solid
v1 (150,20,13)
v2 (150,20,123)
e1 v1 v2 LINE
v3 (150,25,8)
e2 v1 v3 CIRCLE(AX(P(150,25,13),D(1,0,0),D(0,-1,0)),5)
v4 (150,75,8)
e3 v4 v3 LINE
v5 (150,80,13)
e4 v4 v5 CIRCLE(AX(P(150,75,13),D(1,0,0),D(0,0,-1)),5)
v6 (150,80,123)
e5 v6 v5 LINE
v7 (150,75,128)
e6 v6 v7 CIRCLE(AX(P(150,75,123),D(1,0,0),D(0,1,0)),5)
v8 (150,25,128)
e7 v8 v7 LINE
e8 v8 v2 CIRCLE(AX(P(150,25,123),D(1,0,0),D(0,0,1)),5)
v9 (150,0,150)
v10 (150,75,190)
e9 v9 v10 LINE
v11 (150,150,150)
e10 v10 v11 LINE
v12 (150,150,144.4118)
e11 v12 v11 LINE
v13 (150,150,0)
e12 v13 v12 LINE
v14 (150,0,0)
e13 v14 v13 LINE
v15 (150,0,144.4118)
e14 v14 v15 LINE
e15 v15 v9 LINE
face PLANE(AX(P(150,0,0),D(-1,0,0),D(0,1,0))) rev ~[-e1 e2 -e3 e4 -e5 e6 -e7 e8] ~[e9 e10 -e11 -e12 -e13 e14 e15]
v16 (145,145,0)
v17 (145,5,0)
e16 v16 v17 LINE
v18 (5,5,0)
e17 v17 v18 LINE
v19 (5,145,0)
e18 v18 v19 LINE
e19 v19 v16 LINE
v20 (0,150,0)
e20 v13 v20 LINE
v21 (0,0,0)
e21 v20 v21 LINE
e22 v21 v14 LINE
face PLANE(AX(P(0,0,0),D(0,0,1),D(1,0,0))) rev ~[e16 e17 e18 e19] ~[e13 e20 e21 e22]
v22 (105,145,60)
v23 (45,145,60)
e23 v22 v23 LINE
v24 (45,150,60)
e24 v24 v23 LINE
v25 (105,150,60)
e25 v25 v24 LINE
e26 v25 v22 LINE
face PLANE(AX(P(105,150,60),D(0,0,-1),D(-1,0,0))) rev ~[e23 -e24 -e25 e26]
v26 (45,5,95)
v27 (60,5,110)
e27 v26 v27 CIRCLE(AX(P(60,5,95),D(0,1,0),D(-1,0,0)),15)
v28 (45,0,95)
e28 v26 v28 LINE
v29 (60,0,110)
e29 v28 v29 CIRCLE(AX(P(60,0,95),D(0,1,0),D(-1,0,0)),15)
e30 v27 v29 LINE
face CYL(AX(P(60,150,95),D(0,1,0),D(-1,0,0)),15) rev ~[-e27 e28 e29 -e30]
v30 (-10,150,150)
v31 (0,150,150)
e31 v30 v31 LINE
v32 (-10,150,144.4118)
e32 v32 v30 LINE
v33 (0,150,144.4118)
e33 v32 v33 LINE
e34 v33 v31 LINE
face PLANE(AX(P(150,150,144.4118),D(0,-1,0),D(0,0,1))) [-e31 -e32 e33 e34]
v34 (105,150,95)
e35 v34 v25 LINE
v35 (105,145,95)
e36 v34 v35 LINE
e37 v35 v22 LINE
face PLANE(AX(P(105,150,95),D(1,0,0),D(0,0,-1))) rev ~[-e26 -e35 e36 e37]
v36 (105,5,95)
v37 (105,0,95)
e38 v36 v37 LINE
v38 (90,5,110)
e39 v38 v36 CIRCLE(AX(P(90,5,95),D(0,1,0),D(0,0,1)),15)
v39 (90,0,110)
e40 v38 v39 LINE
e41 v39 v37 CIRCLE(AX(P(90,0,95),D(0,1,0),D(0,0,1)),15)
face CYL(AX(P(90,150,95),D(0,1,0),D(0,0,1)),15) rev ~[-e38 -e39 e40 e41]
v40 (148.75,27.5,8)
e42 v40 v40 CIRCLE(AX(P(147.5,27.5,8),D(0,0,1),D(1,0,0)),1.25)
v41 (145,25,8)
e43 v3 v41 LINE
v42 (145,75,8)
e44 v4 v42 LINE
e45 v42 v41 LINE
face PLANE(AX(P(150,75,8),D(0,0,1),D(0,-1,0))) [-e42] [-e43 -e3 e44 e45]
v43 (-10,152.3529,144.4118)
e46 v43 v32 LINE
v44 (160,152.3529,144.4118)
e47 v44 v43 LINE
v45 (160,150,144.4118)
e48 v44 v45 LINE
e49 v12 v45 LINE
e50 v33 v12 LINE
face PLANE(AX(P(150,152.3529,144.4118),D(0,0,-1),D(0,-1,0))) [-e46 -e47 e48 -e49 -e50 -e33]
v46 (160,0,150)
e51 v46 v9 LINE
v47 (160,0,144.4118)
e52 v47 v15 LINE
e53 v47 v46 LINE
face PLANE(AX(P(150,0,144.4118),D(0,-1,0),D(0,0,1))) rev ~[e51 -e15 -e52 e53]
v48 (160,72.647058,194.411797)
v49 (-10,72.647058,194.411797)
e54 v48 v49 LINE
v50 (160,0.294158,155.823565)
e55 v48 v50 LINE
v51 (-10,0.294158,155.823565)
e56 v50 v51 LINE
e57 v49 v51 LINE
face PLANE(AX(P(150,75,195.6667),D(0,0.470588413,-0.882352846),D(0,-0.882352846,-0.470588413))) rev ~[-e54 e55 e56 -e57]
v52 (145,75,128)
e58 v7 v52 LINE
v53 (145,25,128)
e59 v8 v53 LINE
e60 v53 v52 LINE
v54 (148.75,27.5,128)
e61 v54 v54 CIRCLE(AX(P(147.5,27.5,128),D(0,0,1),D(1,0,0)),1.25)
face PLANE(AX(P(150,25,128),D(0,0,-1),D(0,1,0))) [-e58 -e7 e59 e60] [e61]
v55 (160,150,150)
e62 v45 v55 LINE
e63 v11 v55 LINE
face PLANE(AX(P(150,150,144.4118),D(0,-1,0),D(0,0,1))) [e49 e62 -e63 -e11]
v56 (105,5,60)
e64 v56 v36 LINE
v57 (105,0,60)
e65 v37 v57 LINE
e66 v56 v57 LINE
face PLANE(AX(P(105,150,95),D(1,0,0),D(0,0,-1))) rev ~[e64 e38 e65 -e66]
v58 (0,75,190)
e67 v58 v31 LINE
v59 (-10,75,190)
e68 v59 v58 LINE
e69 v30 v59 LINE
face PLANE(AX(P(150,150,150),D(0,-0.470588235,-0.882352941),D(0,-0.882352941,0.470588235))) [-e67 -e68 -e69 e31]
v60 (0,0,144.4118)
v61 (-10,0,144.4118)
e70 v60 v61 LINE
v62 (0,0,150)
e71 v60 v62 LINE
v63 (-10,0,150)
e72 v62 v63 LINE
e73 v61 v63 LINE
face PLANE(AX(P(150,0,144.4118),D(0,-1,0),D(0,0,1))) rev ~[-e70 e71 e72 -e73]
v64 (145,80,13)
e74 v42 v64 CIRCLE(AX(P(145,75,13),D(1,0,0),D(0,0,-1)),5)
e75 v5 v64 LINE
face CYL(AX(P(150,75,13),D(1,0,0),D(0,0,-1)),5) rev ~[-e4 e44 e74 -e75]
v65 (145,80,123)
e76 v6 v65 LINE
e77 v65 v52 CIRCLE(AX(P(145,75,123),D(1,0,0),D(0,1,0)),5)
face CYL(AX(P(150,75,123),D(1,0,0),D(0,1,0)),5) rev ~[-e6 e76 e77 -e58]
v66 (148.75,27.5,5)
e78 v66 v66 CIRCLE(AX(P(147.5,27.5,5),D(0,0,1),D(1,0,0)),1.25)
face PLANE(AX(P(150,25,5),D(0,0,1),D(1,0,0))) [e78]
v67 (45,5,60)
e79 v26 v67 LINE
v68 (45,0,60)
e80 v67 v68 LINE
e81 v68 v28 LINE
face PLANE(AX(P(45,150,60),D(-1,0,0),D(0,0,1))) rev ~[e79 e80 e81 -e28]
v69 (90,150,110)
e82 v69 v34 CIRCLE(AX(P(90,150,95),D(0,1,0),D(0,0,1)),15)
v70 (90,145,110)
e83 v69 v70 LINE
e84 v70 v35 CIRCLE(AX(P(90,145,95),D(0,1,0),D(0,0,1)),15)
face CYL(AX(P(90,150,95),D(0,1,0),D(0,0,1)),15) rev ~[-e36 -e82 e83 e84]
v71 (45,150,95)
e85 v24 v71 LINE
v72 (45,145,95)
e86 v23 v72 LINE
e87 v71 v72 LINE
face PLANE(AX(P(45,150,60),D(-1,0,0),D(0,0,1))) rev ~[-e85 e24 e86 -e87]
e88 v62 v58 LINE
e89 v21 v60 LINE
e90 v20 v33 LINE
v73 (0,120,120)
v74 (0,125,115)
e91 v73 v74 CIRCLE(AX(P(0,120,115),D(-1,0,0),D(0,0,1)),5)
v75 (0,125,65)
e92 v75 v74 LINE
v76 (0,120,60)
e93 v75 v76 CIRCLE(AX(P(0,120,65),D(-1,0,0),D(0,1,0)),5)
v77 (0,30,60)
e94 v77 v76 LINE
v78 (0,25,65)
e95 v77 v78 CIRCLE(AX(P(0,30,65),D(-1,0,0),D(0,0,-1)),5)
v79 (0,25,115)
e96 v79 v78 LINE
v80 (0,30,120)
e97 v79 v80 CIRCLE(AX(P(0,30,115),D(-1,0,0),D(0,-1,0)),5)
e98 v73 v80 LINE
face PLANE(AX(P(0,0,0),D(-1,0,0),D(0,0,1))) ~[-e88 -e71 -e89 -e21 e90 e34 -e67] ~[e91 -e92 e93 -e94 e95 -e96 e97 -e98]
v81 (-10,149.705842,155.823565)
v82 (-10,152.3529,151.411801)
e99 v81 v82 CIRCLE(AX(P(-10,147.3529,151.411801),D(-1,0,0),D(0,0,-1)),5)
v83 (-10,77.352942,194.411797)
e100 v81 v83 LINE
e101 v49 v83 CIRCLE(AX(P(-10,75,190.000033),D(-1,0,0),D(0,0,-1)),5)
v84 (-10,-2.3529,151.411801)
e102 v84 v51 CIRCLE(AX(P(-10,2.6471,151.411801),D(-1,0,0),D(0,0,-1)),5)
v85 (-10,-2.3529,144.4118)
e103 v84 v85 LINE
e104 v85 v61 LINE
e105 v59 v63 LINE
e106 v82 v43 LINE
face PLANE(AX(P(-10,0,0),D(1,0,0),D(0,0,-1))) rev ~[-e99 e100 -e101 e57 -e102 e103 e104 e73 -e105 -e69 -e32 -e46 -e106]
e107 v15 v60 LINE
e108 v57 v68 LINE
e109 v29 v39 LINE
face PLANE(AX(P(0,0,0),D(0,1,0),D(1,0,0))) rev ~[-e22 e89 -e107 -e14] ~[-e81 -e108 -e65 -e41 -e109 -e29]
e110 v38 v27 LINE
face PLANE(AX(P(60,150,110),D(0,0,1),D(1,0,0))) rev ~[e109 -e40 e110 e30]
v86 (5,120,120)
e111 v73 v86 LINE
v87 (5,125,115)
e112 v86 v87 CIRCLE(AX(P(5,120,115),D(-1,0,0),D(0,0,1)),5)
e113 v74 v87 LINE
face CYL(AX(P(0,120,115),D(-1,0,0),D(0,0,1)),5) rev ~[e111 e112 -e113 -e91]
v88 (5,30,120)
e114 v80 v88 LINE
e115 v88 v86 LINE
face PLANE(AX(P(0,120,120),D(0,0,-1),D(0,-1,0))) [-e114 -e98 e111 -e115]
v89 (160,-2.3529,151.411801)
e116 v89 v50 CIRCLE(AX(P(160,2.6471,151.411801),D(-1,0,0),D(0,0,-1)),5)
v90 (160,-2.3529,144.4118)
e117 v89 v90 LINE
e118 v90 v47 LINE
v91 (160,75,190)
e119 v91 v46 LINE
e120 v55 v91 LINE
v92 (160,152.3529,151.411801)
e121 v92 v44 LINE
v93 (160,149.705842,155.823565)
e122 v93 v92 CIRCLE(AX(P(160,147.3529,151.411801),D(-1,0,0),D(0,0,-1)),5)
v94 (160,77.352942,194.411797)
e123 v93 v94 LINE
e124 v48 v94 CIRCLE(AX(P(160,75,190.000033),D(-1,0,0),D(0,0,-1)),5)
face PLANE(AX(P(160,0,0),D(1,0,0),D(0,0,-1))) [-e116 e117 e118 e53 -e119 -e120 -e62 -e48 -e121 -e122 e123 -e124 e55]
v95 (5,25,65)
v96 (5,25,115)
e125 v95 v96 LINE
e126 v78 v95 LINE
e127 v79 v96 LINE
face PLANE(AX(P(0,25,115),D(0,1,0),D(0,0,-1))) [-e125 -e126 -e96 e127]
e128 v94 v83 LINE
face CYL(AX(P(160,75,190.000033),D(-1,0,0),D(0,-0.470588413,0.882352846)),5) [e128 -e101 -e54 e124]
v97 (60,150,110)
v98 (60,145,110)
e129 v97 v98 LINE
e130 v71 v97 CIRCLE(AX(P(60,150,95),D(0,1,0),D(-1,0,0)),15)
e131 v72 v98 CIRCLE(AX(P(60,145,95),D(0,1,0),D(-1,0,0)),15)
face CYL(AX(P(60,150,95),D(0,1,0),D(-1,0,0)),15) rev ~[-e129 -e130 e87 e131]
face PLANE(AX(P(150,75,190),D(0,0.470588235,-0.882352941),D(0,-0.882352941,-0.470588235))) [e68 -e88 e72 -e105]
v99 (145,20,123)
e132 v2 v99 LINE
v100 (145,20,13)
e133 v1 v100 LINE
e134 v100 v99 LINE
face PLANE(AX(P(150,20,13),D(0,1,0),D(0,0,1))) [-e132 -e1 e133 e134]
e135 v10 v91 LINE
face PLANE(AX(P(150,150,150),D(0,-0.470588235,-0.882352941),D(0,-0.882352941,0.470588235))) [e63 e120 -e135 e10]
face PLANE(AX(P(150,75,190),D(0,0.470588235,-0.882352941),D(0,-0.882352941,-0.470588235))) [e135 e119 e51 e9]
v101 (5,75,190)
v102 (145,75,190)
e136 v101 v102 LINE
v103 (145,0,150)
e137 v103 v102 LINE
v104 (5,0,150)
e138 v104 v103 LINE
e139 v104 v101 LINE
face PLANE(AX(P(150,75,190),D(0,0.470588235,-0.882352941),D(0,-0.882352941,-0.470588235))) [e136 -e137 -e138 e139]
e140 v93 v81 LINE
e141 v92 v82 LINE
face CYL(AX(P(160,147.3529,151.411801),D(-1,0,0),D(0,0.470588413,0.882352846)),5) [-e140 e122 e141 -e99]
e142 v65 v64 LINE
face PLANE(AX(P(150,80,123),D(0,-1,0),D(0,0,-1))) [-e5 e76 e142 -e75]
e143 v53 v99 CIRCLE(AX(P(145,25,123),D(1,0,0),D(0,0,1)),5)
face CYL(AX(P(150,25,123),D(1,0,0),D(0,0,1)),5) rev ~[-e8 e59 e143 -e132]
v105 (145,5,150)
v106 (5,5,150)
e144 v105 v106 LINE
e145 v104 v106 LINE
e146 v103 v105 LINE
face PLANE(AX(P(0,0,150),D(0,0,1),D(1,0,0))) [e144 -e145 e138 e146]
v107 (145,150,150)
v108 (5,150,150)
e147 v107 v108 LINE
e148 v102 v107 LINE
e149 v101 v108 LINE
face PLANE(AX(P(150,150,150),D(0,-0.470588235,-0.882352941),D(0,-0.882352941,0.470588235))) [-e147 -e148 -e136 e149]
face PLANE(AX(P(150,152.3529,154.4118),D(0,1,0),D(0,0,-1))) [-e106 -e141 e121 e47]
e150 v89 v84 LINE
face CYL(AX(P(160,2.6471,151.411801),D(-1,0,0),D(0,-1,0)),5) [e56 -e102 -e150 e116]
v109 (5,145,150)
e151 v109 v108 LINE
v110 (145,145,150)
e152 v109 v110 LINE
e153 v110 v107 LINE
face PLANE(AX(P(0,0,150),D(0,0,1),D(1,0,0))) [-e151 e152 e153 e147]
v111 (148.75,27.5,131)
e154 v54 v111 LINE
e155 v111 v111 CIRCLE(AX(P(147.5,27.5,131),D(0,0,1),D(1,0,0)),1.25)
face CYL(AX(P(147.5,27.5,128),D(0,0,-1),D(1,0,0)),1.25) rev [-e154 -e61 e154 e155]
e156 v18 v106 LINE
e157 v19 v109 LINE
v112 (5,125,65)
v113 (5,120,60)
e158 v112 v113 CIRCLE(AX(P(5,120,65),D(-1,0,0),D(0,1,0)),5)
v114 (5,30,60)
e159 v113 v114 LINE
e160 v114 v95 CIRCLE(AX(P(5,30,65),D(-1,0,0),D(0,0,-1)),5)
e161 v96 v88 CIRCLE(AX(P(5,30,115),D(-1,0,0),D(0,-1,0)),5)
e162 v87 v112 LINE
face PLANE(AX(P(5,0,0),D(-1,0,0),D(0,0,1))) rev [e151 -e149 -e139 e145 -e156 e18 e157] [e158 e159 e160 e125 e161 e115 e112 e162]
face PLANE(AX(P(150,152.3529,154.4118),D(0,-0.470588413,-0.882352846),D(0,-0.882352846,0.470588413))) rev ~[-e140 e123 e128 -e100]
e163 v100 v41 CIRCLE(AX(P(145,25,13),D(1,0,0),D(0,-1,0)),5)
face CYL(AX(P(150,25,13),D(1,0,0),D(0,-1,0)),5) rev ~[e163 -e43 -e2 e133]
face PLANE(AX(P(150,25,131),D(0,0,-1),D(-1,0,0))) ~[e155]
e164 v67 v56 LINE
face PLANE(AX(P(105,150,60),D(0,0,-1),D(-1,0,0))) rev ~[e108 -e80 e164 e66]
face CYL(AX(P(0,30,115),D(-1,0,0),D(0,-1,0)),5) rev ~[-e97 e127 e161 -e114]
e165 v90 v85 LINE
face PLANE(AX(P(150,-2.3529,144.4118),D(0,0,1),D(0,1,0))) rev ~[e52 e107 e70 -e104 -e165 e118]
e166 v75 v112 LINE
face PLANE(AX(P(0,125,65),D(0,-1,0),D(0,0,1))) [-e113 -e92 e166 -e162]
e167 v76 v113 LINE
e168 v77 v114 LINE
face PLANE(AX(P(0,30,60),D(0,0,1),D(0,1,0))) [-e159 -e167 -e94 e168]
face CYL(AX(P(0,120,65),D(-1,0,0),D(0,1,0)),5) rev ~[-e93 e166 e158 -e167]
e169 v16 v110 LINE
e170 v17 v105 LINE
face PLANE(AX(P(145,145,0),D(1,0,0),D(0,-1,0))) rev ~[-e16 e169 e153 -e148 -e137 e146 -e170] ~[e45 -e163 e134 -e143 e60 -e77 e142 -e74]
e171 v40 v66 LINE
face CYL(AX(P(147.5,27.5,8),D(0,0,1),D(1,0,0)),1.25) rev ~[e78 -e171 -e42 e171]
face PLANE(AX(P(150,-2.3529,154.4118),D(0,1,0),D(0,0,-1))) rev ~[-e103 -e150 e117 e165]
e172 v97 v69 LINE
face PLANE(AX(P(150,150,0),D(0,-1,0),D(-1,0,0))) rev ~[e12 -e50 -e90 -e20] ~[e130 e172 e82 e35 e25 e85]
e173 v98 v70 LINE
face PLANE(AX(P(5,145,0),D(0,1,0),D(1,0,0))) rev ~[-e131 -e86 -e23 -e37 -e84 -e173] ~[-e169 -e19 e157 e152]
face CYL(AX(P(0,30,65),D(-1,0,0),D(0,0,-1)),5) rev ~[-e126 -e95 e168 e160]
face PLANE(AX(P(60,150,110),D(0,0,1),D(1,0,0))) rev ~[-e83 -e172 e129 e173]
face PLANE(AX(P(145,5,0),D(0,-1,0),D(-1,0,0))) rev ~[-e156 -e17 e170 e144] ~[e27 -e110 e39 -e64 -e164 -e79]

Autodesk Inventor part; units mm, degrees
ref_plane "YZ Plane" through (0, 0, 0) normal (1, 0, 0) x (0, 1, 0)
sketch "Boceto1" plane through (0, 0, 0) normal (0, 0, 1) x (1, 0, 0)
  line L0 (0, 0) -> (150, 0)
  line L1 (150, 0) -> (150, 150)
  line L2 (150, 150) -> (0, 150)
  line L3 (0, 150) -> (0, 0)
  line L4 (5, 145) -> (145, 145)
  line L5 (145, 145) -> (145, 5)
  line L6 (145, 5) -> (5, 5)
  line L7 (5, 5) -> (5, 145)
  dimension "d0" = 150
  dimension "d1" = 150
  dimension "d2" = 5
extrude "Extrusión1" add sketch "Boceto1" along normal blind 150
sketch "Boceto2" plane through (150, 0, 0) normal (1, 0, 0) x (0, 0, -1)
  line L0 (-150, 0) -> (-150, 150) projected
  line L1 (-150, 75) -> (-190, 75) construction
  line L2 (-190, 75) -> (-150, 150)
  line L3 (0, 0) -> (-150, 0) construction
  line L4 (-150, 0) -> (-190, 75)
  dimension "d5" = 40
extrude "Extrusión2" add sketch "Boceto2" against normal blind 5
ref_plane "Plano de trabajo1" through (75, 0, 0) normal (1, 0, 0) x (0, 0, -1)
mirror "Simetría1" about plane through (75, 0, 0) normal (1, 0, 0) of "Extrusión2"
sketch "Boceto3" plane through (0, 150, 0) normal (0, 1, 0) x (1, 0, 0)
  line L0 (105, -60) -> (45, -60)
  line L1 (45, -60) -> (45, -95)
  line L2 (60, -110) -> (90, -110)
  line L3 (105, -95) -> (105, -60)
  line L4 (150, 0) -> (0, 0) projected
  line L5 (145, -150) -> (5, -150) projected
  arc A0 (90, -110) -> (105, -95) centre (90, -95) ccw
  arc A1 (45, -95) -> (60, -110) centre (60, -95) ccw
  point P0 (45, -110)
  point P1 (105, -110)
  point P2 (75, -60)
  point P3 (75, 0)
  dimension "d8" = 60
  dimension "d9" = 50
  dimension "d10" = 40
  dimension "d11" = 15
extrude "Extrusión3" cut sketch "Boceto3" against normal through all
sketch "Boceto4" plane through (150, 0, 0) normal (1, 0, 0) x (0, 0, -1)
  line L0 (-13, 20) -> (-123, 20)
  line L1 (-128, 25) -> (-128, 75)
  line L2 (-123, 80) -> (-13, 80)
  line L3 (-8, 75) -> (-8, 25)
  line L4 (0, 0) -> (0, 150) projected
  line L5 (0, 0) -> (-150, 0) projected
  arc A0 (-123, 80) -> (-128, 75) centre (-123, 75) ccw
  arc A1 (-8, 75) -> (-13, 80) centre (-13, 75) ccw
  arc A2 (-13, 20) -> (-8, 25) centre (-13, 25) ccw
  arc A3 (-128, 25) -> (-123, 20) centre (-123, 25) ccw
  point P0 (-128, 80)
  point P1 (-128, 20)
  point P2 (-8, 80)
  dimension "d14" = 120
  dimension "d15" = 60
  dimension "d16" = 8
  dimension "d17" = 20
  dimension "d18" = 5
extrude "Extrusión4" cut sketch "Boceto4" against normal up to surface (5 mm away)
sketch "Boceto5" plane through (0, 0, 0) normal (-1, 0, 0) x (0, 0, 1)
  line L0 (65, 125) -> (115, 125)
  line L1 (120, 120) -> (120, 30)
  line L2 (115, 25) -> (65, 25)
  line L3 (60, 30) -> (60, 120)
  line L4 (0, 150) -> (0, 0) projected
  arc A0 (120, 120) -> (115, 125) centre (115, 120) ccw
  arc A1 (115, 25) -> (120, 30) centre (115, 30) ccw
  arc A2 (65, 125) -> (60, 120) centre (65, 120) ccw
  arc A3 (60, 30) -> (65, 25) centre (65, 30) ccw
  point P0 (60, 150)
  point P1 (120, 25)
  point P2 (120, 125)
  point P3 (60, 25)
  point P4 (60, 75)
  point P5 (0, 75)
  dimension "d21" = 60
  dimension "d22" = 100
  dimension "d23" = 60
  dimension "d24" = 5
extrude "Extrusión5" cut sketch "Boceto5" against normal blind 10
sketch "Boceto6" plane through (150, 0, 0) normal (1, 0, 0) x (0, 0, -1)
  line L0 (-190, 75) -> (-150, 0) projected
  line L1 (-150, 150) -> (-190, 75) projected
  line L2 (-154.4118, 152.3529) -> (-195.6667, 75)
  line L3 (-195.6667, 75) -> (-154.4118, -2.3529)
  line L4 (-154.4118, 152.3529) -> (-144.4118, 152.3529)
  line L5 (-144.4118, 152.3529) -> (-144.4118, 150)
  line L6 (-154.4118, -2.3529) -> (-144.4118, -2.3529)
  line L7 (-144.4118, -2.3529) -> (-144.4118, 0)
  line L8 (0, 0) -> (-150, 0) projected
  line L9 (0, 150) -> (-150, 150) projected
  dimension "d27" = 5
  dimension "d28" = 10
extrude "Extrusión6" add sketch "Boceto6" along normal blind 10 and the other way blind 160
fillet "Empalme1" radius 5 3 edges at (75, 152.3529, 154.4118) (75, 75, 195.6667) (75, -2.3529, 154.4118)
sketch "Boceto7" plane through (150, 25, 8) normal (0, 0, 1) x (1, 0, 0)
  circle A0 centre (-2.5, 2.5) radius 1.25
  line L0 (0, 50) -> (0, 0) projected
  line L1 (0, 0) -> (-5, 0) projected
  point P0 (-150, -25)
  point P1 (-2.5, 0)
  dimension "d34" = 2.5
  dimension "d35" = 2.5
  dimension "d36" = 2.5
extrude "Extrusión7" cut sketch "Boceto7" against normal blind 3
ref_plane "Plano de trabajo2" through (150, 25, 68) normal (0, 0, 1) x (1, 0, 0)
mirror "Simetría2" about plane through (150, 25, 68) normal (0, 0, 1) of "Extrusión7"
properties part number "CasaJugueteAPM" material "Plástico ABS"
